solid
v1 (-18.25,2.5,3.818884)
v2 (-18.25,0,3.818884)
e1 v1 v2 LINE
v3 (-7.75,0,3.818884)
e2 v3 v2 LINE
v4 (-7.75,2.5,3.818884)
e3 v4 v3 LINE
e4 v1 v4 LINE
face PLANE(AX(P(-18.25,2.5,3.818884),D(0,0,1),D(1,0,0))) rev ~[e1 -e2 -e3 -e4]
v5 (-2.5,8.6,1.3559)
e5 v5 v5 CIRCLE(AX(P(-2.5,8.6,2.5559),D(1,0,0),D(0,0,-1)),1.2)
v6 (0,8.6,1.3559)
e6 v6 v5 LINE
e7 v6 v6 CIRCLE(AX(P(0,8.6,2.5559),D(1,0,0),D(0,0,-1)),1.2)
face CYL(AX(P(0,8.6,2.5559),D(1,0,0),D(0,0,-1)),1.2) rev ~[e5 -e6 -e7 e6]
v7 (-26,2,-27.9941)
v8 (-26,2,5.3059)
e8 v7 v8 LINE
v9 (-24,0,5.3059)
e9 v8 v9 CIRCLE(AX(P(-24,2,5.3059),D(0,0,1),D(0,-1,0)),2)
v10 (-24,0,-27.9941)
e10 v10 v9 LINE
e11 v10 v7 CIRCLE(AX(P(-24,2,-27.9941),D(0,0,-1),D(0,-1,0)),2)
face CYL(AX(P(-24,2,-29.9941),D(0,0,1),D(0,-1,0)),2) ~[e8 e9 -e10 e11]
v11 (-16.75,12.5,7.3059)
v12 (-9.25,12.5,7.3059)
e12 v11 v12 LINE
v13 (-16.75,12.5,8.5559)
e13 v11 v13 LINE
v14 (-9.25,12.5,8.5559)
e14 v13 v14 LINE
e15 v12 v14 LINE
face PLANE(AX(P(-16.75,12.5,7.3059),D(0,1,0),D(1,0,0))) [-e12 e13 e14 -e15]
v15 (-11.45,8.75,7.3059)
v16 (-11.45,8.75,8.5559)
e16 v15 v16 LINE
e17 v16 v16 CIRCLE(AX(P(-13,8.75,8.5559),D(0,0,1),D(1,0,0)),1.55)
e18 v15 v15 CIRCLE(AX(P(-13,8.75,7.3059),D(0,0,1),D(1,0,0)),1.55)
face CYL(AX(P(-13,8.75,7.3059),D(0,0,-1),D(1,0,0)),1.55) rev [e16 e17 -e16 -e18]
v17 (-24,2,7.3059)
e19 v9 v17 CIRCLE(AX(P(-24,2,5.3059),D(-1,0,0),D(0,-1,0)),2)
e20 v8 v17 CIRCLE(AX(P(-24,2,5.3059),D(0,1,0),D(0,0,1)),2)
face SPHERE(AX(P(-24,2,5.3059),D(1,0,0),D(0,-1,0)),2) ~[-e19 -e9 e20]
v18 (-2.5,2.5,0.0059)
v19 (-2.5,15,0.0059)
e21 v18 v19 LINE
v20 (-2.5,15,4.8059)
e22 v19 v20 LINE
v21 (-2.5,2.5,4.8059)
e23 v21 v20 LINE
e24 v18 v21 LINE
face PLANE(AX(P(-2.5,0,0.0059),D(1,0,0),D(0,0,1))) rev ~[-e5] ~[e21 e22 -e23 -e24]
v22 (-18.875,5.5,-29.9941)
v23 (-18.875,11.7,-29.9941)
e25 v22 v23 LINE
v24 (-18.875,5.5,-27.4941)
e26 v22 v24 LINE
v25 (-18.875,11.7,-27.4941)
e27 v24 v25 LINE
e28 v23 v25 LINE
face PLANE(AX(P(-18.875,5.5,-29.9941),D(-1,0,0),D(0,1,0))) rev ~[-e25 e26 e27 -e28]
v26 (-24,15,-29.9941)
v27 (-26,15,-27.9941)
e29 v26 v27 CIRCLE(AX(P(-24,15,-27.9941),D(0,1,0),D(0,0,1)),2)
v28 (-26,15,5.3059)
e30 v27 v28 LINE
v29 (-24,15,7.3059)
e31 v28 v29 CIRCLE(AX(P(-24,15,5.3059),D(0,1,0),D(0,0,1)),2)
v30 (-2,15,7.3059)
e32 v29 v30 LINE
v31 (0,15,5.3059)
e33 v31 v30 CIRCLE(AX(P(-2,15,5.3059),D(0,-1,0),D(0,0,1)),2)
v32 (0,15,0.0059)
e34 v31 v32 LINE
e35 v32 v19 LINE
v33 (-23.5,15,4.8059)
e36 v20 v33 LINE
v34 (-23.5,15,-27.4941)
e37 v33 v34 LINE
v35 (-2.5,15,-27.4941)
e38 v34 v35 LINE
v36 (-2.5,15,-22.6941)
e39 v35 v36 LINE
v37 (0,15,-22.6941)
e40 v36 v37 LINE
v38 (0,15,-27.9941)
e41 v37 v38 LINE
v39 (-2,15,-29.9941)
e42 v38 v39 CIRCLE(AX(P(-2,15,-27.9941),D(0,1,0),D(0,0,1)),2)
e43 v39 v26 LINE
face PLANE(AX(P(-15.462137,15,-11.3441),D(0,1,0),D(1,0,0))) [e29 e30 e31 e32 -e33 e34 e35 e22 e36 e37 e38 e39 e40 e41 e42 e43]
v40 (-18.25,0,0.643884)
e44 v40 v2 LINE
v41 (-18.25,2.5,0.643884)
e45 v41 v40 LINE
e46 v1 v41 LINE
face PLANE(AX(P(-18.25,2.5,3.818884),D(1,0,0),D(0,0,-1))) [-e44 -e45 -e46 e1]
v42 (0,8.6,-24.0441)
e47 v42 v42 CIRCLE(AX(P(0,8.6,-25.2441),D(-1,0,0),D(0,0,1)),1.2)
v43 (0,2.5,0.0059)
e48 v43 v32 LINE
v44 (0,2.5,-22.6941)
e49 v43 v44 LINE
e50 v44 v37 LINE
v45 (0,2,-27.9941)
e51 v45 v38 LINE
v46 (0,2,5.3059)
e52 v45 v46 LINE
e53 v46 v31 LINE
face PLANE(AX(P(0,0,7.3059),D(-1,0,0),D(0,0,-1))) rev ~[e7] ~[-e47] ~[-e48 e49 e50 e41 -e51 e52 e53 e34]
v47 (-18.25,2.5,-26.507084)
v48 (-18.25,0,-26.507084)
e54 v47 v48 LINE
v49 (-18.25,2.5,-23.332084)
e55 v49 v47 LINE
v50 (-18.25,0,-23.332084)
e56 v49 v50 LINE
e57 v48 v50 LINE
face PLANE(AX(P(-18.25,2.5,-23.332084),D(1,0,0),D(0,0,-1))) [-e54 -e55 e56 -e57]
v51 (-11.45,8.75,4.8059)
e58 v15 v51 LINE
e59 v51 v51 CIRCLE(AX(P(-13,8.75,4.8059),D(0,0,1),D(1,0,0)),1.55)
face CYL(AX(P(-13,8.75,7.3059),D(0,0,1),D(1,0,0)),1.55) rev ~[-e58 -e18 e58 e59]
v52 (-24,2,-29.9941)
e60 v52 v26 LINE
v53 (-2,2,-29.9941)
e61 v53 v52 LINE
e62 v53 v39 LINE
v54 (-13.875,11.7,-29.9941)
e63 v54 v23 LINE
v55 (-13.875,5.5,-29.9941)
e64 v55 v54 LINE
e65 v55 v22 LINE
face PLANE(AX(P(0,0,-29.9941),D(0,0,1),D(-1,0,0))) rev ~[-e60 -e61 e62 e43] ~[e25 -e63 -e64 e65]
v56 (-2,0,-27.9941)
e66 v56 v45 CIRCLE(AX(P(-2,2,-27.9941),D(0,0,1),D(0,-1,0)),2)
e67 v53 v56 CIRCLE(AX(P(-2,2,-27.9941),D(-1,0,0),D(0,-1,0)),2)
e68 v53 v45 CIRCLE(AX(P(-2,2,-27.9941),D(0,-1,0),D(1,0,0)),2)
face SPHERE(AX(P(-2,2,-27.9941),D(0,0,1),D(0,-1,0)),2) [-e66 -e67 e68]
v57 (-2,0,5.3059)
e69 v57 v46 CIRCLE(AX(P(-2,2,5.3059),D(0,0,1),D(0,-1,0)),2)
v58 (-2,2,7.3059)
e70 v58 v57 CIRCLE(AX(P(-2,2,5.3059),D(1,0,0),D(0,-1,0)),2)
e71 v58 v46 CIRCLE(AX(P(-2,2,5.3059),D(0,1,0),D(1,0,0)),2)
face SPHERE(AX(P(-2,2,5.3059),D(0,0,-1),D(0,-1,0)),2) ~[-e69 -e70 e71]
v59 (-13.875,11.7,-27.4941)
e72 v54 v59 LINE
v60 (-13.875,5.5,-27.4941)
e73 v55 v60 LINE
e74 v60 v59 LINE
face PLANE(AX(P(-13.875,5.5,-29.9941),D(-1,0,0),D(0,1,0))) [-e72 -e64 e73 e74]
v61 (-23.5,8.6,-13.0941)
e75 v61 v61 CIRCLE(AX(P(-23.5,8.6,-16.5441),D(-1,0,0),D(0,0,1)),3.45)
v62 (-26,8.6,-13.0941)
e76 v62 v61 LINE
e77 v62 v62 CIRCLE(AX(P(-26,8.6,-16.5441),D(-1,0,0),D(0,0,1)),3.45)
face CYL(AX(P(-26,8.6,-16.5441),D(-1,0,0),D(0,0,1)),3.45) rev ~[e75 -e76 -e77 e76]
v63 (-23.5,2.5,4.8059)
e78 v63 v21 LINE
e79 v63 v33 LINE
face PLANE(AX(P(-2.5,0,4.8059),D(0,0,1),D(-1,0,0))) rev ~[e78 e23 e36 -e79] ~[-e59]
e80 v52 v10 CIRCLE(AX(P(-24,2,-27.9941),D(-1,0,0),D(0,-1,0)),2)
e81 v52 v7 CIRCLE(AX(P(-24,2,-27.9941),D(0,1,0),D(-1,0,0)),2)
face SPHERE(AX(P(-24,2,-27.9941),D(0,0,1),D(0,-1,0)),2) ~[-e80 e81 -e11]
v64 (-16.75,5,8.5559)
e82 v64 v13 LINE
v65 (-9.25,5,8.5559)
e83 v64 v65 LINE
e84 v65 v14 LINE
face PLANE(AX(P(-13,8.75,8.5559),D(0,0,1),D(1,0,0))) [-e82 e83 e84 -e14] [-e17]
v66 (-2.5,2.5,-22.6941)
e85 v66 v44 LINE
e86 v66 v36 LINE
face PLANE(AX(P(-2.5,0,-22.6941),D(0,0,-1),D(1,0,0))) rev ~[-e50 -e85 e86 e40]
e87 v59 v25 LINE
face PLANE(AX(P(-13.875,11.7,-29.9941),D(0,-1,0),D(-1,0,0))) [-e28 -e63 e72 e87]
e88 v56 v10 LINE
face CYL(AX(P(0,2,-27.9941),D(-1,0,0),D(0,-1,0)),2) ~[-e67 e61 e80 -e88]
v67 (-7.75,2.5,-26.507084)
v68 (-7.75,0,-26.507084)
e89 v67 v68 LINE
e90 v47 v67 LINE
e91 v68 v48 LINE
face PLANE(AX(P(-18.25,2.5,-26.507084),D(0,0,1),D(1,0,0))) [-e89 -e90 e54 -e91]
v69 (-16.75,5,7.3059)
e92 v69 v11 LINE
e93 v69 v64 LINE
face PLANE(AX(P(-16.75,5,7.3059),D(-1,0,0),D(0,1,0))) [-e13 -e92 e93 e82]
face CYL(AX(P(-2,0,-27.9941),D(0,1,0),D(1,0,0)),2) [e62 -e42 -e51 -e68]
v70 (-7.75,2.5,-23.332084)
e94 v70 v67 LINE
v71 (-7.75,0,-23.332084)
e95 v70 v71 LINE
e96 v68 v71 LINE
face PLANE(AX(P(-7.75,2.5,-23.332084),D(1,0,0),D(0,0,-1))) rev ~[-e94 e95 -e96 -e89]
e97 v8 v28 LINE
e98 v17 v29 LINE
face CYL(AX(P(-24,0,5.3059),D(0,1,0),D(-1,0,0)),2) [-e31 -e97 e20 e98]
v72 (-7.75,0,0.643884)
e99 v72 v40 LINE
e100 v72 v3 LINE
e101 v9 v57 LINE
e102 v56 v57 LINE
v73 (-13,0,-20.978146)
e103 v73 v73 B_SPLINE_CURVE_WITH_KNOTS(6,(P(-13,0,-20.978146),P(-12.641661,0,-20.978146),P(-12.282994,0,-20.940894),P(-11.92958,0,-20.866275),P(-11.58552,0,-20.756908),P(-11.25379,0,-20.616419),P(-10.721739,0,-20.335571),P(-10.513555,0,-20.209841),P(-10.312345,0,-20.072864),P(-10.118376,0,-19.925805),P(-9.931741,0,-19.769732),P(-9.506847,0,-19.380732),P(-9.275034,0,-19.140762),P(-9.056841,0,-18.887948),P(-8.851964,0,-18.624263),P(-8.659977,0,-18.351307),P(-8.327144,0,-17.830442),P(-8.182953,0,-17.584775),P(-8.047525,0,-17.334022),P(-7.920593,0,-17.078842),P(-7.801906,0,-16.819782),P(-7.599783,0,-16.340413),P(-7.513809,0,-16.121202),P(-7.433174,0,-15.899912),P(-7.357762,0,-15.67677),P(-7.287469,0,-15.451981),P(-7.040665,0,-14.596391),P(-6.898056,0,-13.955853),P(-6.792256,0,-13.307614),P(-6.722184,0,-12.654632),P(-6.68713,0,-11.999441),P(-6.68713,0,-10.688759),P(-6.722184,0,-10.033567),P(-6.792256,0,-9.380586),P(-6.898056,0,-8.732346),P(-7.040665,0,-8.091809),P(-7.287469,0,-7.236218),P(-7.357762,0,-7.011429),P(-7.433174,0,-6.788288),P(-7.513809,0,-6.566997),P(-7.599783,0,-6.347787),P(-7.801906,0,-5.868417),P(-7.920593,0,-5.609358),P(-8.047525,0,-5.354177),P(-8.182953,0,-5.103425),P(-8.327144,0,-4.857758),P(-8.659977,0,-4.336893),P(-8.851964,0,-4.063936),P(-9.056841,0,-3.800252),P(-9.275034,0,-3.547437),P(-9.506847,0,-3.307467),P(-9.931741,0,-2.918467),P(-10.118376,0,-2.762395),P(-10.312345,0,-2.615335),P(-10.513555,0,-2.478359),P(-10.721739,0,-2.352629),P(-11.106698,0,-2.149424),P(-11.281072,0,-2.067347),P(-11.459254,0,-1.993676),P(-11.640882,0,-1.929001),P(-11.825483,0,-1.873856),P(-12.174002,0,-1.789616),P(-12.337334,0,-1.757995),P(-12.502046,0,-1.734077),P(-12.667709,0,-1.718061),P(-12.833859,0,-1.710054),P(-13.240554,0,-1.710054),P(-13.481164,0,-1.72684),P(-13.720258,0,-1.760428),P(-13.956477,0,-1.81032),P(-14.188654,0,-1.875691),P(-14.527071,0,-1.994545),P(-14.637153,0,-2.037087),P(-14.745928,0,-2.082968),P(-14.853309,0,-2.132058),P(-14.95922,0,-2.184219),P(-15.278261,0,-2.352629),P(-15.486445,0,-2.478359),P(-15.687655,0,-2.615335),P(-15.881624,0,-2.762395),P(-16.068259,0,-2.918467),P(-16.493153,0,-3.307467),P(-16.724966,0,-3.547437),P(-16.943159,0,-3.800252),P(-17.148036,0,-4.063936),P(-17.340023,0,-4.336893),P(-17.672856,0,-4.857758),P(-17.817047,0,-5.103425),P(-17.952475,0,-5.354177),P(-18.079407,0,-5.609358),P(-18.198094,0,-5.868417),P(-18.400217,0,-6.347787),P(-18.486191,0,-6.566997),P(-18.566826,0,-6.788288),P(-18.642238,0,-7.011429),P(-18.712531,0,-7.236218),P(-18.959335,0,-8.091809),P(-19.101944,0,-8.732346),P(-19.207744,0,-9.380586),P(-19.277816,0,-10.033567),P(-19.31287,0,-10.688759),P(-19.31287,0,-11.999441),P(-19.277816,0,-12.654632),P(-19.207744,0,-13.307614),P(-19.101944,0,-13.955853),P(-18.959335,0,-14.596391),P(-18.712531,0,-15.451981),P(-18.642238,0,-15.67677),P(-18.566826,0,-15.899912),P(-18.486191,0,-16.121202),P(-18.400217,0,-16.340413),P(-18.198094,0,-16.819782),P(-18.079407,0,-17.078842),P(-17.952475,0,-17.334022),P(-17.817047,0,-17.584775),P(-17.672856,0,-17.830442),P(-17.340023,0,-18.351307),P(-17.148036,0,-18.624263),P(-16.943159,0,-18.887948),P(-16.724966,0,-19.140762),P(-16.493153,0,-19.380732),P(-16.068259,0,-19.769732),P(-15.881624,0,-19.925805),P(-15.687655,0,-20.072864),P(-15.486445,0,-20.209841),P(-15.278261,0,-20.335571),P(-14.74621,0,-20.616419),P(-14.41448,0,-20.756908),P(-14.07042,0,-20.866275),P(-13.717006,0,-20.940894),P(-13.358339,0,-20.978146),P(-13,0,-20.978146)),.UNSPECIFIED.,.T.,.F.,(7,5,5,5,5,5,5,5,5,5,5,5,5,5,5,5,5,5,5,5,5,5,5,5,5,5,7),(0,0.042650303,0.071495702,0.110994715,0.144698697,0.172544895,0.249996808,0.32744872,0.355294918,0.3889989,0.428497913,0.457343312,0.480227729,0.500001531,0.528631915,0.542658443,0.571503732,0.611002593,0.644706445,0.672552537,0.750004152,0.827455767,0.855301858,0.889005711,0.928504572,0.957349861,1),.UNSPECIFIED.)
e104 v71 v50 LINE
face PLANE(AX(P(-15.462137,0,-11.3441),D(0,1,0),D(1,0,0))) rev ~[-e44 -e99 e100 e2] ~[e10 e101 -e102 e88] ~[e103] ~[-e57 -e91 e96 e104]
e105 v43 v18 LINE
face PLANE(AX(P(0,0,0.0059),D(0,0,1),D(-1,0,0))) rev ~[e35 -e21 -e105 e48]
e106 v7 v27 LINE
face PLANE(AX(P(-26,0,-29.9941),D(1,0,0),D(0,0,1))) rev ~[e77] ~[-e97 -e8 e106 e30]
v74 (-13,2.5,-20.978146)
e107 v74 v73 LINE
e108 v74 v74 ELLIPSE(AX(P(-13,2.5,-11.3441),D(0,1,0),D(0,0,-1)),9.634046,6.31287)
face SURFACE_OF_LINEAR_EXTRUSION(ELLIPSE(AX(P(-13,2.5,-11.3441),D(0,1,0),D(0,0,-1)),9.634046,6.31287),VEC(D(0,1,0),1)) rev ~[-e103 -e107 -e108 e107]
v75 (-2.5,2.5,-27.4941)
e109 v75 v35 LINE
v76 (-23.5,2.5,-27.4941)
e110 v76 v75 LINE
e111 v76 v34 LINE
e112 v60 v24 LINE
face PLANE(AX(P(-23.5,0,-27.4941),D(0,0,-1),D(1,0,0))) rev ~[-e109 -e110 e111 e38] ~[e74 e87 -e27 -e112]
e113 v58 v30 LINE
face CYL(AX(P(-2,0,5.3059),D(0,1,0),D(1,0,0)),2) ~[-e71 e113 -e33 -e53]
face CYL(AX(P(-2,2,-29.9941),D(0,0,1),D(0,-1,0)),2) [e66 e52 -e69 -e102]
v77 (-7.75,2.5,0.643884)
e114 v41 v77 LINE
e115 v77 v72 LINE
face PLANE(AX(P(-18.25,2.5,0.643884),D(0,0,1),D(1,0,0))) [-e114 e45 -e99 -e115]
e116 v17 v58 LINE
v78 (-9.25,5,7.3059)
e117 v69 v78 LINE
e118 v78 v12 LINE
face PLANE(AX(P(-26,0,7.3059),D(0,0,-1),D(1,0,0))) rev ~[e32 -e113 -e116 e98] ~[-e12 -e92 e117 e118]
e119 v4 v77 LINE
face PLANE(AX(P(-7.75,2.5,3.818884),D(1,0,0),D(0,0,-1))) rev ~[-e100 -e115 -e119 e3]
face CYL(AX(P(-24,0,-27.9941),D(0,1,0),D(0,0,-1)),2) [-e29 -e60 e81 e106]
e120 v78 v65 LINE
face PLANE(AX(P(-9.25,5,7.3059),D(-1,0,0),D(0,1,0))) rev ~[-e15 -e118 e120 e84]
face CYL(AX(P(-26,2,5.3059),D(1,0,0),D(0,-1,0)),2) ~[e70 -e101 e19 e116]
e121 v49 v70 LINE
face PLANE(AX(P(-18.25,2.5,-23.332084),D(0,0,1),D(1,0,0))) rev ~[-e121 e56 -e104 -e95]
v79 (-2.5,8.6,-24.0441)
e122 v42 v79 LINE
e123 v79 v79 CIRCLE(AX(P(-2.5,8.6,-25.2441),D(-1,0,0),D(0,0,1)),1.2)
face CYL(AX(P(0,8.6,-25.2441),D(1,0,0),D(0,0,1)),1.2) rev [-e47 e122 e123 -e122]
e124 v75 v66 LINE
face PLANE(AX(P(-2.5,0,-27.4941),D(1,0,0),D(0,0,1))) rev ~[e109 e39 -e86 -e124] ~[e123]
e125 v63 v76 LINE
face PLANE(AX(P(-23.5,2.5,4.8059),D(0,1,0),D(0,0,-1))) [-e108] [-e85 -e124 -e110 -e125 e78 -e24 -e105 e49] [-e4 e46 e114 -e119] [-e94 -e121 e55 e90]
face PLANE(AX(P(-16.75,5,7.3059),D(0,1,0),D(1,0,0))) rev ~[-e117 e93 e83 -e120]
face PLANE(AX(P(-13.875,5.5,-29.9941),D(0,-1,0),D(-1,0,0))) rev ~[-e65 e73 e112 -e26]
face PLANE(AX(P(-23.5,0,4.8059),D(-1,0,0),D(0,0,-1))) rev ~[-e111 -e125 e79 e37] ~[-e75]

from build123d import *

# Parameters (mm, degrees)
BOSS_EXTRUDE1_DEPTH = 15
SKETCH2_W           = 32.3
SKETCH2_H           = 2.5
BOSS_EXTRUDE2_DEPTH = 23.5
SKETCH3_W           = 5
SKETCH3_H           = 6.2
CUT_EXTRUDE1_DEPTH  = 12.5
CUT_EXTRUDE2_REACH  = 28
SKETCH4_R           = 3.45
SKETCH5_R           = 1.2
CUT_EXTRUDE3_DEPTH  = 2.5
CUT_EXTRUDE4_REACH  = 39.3
SKETCH6_R           = 1.55
FILLET2_R           = 2
CUT_EXTRUDE6_REACH  = 4.5
SKETCH8_RX          = 9.634046057
SKETCH8_RY          = 6.312870092
SKETCH8_W           = 10.5
SKETCH8_H           = 3.175
SKETCH7_W           = 7.5
SKETCH7_H           = 7.5
SKETCH7_R           = 1.55
BOSS_EXTRUDE3_DEPTH = 1.25


with BuildPart() as part:
    # Sketch1 → Boss-Extrude1 (new body)
    with BuildSketch(Plane(origin=(0, 0, 0), x_dir=(1, 0, 0), z_dir=(0, 1, 0))):
        Polygon((0, 29.994099724), (-26, 29.994099724), (-26, -7.305900276), (0, -7.305900276), (0, -0.005900276), (-2.5, -0.005900276), (-2.5, -4.805900276), (-23.5, -4.805900276), (-23.5, 27.494099724), (-2.5, 27.494099724), (-2.5, 22.694099724), (0, 22.694099724), align=None)
    extrude(amount=BOSS_EXTRUDE1_DEPTH)

    # Sketch2 → Boss-Extrude2 (add, through all)
    with BuildSketch(Plane(origin=(-23.5, 0, 0), x_dir=(0, 0, -1), z_dir=(1, 0, 0))):
        with Locations((11.344099724, 1.25)):
            Rectangle(SKETCH2_W, SKETCH2_H)
    extrude(amount=BOSS_EXTRUDE2_DEPTH)

    # Sketch3 → Cut-Extrude1 (cut)
    with BuildSketch(Plane(origin=(0, 0, -29.994099724), x_dir=(-1, 0, 0), z_dir=(0, 0, -1))):
        with Locations((16.375, 8.6)):
            Rectangle(SKETCH3_W, SKETCH3_H)
    extrude(amount=-CUT_EXTRUDE1_DEPTH, mode=Mode.SUBTRACT)

    # Sketch4 → Cut-Extrude2 (cut, up to next)
    with BuildSketch(Plane.ZY.offset(26), mode=Mode.PRIVATE) as cut_extrude2_sk1:
        with Locations((-16.544099724, 8.6)):
            Circle(SKETCH4_R)
    cut_extrude2_tool1 = extrude(cut_extrude2_sk1.sketch, amount=-CUT_EXTRUDE2_REACH, mode=Mode.PRIVATE) & part.part
    add(cut_extrude2_tool1.solids().sort_by_distance((-26, 8.6, -16.5441))[0], mode=Mode.SUBTRACT)

    # Sketch5 → Cut-Extrude3 (cut)
    with BuildSketch(Plane(origin=(0, 0, 0), x_dir=(0, 0, -1), z_dir=(1, 0, 0))):
        with Locations((-2.555900276, 8.6)):
            Circle(SKETCH5_R)
    cut_extrude3 = extrude(amount=-CUT_EXTRUDE3_DEPTH, mode=Mode.SUBTRACT)

    # Mirror1: Cut-Extrude3 across plane
    add(cut_extrude3.mirror(Plane.XY.offset(-11.344099724)), mode=Mode.SUBTRACT)

    # Sketch6 → Cut-Extrude4 (cut, up to next)
    with BuildSketch(Plane.XY.offset(7.305900276), mode=Mode.PRIVATE) as cut_extrude4_sk1:
        with Locations((-13, 8.75)):
            Circle(SKETCH6_R)
    cut_extrude4_tool1 = extrude(cut_extrude4_sk1.sketch, amount=-CUT_EXTRUDE4_REACH, mode=Mode.PRIVATE) & part.part
    add(cut_extrude4_tool1.solids().sort_by_distance((-13, 8.75, 7.3059))[0], mode=Mode.SUBTRACT)

    # Fillet2
    fillet2_edges = [part.edges().sort_by_distance(p)[0] for p in [
        (0, 0, -11.344099724),
        (-13, 0, 7.305900276),
        (-26, 0, -11.344099724),
        (-13, 0, -29.994099724),
        (0, 7.5, 7.305900276),
        (-26, 7.5, 7.305900276),
        (-26, 7.5, -29.994099724),
        (0, 7.5, -29.994099724),
    ]]
    fillet(fillet2_edges, radius=FILLET2_R)

    # Sketch8 → Cut-Extrude6 (cut, up to next)
    with BuildSketch(Plane(origin=(0, 2.5, 0), x_dir=(1, 0, 0), z_dir=(0, 1, 0)), mode=Mode.PRIVATE) as cut_extrude6_sk1:
        with Locations(Location((-13, 11.344099724), (0, 0, 90))):
            Ellipse(SKETCH8_RX, SKETCH8_RY)
    cut_extrude6_tool1 = extrude(cut_extrude6_sk1.sketch, amount=-CUT_EXTRUDE6_REACH, mode=Mode.PRIVATE) & part.part
    add(cut_extrude6_tool1.solids().sort_by_distance((-13, 2.5, -11.3441))[0], mode=Mode.SUBTRACT)
    # Sketch8 → Cut-Extrude6 (cut, up to next)
    with BuildSketch(Plane(origin=(0, 2.5, 0), x_dir=(1, 0, 0), z_dir=(0, 1, 0)), mode=Mode.PRIVATE) as cut_extrude6_sk2:
        with Locations((-13, -2.231384095)):
            Rectangle(SKETCH8_W, SKETCH8_H)
    cut_extrude6_tool2 = extrude(cut_extrude6_sk2.sketch, amount=-CUT_EXTRUDE6_REACH, mode=Mode.PRIVATE) & part.part
    add(cut_extrude6_tool2.solids().sort_by_distance((-13, 2.5, 2.231384))[0], mode=Mode.SUBTRACT)
    # Sketch8 → Cut-Extrude6 (cut, up to next)
    with BuildSketch(Plane(origin=(0, 2.5, 0), x_dir=(1, 0, 0), z_dir=(0, 1, 0)), mode=Mode.PRIVATE) as cut_extrude6_sk3:
        with Locations((-13, 24.919583542)):
            Rectangle(SKETCH8_W, SKETCH8_H)
    cut_extrude6_tool3 = extrude(cut_extrude6_sk3.sketch, amount=-CUT_EXTRUDE6_REACH, mode=Mode.PRIVATE) & part.part
    add(cut_extrude6_tool3.solids().sort_by_distance((-13, 2.5, -24.919584))[0], mode=Mode.SUBTRACT)

    # Sketch7 → Boss-Extrude3 (add)
    with BuildSketch(Plane.XY.offset(7.305900276)):
        with Locations((-13, 8.75)):
            Rectangle(SKETCH7_W, SKETCH7_H)
        with Locations((-13, 8.75)):
            Circle(SKETCH7_R, mode=Mode.SUBTRACT)
    extrude(amount=BOSS_EXTRUDE3_DEPTH)


solid = part.part
